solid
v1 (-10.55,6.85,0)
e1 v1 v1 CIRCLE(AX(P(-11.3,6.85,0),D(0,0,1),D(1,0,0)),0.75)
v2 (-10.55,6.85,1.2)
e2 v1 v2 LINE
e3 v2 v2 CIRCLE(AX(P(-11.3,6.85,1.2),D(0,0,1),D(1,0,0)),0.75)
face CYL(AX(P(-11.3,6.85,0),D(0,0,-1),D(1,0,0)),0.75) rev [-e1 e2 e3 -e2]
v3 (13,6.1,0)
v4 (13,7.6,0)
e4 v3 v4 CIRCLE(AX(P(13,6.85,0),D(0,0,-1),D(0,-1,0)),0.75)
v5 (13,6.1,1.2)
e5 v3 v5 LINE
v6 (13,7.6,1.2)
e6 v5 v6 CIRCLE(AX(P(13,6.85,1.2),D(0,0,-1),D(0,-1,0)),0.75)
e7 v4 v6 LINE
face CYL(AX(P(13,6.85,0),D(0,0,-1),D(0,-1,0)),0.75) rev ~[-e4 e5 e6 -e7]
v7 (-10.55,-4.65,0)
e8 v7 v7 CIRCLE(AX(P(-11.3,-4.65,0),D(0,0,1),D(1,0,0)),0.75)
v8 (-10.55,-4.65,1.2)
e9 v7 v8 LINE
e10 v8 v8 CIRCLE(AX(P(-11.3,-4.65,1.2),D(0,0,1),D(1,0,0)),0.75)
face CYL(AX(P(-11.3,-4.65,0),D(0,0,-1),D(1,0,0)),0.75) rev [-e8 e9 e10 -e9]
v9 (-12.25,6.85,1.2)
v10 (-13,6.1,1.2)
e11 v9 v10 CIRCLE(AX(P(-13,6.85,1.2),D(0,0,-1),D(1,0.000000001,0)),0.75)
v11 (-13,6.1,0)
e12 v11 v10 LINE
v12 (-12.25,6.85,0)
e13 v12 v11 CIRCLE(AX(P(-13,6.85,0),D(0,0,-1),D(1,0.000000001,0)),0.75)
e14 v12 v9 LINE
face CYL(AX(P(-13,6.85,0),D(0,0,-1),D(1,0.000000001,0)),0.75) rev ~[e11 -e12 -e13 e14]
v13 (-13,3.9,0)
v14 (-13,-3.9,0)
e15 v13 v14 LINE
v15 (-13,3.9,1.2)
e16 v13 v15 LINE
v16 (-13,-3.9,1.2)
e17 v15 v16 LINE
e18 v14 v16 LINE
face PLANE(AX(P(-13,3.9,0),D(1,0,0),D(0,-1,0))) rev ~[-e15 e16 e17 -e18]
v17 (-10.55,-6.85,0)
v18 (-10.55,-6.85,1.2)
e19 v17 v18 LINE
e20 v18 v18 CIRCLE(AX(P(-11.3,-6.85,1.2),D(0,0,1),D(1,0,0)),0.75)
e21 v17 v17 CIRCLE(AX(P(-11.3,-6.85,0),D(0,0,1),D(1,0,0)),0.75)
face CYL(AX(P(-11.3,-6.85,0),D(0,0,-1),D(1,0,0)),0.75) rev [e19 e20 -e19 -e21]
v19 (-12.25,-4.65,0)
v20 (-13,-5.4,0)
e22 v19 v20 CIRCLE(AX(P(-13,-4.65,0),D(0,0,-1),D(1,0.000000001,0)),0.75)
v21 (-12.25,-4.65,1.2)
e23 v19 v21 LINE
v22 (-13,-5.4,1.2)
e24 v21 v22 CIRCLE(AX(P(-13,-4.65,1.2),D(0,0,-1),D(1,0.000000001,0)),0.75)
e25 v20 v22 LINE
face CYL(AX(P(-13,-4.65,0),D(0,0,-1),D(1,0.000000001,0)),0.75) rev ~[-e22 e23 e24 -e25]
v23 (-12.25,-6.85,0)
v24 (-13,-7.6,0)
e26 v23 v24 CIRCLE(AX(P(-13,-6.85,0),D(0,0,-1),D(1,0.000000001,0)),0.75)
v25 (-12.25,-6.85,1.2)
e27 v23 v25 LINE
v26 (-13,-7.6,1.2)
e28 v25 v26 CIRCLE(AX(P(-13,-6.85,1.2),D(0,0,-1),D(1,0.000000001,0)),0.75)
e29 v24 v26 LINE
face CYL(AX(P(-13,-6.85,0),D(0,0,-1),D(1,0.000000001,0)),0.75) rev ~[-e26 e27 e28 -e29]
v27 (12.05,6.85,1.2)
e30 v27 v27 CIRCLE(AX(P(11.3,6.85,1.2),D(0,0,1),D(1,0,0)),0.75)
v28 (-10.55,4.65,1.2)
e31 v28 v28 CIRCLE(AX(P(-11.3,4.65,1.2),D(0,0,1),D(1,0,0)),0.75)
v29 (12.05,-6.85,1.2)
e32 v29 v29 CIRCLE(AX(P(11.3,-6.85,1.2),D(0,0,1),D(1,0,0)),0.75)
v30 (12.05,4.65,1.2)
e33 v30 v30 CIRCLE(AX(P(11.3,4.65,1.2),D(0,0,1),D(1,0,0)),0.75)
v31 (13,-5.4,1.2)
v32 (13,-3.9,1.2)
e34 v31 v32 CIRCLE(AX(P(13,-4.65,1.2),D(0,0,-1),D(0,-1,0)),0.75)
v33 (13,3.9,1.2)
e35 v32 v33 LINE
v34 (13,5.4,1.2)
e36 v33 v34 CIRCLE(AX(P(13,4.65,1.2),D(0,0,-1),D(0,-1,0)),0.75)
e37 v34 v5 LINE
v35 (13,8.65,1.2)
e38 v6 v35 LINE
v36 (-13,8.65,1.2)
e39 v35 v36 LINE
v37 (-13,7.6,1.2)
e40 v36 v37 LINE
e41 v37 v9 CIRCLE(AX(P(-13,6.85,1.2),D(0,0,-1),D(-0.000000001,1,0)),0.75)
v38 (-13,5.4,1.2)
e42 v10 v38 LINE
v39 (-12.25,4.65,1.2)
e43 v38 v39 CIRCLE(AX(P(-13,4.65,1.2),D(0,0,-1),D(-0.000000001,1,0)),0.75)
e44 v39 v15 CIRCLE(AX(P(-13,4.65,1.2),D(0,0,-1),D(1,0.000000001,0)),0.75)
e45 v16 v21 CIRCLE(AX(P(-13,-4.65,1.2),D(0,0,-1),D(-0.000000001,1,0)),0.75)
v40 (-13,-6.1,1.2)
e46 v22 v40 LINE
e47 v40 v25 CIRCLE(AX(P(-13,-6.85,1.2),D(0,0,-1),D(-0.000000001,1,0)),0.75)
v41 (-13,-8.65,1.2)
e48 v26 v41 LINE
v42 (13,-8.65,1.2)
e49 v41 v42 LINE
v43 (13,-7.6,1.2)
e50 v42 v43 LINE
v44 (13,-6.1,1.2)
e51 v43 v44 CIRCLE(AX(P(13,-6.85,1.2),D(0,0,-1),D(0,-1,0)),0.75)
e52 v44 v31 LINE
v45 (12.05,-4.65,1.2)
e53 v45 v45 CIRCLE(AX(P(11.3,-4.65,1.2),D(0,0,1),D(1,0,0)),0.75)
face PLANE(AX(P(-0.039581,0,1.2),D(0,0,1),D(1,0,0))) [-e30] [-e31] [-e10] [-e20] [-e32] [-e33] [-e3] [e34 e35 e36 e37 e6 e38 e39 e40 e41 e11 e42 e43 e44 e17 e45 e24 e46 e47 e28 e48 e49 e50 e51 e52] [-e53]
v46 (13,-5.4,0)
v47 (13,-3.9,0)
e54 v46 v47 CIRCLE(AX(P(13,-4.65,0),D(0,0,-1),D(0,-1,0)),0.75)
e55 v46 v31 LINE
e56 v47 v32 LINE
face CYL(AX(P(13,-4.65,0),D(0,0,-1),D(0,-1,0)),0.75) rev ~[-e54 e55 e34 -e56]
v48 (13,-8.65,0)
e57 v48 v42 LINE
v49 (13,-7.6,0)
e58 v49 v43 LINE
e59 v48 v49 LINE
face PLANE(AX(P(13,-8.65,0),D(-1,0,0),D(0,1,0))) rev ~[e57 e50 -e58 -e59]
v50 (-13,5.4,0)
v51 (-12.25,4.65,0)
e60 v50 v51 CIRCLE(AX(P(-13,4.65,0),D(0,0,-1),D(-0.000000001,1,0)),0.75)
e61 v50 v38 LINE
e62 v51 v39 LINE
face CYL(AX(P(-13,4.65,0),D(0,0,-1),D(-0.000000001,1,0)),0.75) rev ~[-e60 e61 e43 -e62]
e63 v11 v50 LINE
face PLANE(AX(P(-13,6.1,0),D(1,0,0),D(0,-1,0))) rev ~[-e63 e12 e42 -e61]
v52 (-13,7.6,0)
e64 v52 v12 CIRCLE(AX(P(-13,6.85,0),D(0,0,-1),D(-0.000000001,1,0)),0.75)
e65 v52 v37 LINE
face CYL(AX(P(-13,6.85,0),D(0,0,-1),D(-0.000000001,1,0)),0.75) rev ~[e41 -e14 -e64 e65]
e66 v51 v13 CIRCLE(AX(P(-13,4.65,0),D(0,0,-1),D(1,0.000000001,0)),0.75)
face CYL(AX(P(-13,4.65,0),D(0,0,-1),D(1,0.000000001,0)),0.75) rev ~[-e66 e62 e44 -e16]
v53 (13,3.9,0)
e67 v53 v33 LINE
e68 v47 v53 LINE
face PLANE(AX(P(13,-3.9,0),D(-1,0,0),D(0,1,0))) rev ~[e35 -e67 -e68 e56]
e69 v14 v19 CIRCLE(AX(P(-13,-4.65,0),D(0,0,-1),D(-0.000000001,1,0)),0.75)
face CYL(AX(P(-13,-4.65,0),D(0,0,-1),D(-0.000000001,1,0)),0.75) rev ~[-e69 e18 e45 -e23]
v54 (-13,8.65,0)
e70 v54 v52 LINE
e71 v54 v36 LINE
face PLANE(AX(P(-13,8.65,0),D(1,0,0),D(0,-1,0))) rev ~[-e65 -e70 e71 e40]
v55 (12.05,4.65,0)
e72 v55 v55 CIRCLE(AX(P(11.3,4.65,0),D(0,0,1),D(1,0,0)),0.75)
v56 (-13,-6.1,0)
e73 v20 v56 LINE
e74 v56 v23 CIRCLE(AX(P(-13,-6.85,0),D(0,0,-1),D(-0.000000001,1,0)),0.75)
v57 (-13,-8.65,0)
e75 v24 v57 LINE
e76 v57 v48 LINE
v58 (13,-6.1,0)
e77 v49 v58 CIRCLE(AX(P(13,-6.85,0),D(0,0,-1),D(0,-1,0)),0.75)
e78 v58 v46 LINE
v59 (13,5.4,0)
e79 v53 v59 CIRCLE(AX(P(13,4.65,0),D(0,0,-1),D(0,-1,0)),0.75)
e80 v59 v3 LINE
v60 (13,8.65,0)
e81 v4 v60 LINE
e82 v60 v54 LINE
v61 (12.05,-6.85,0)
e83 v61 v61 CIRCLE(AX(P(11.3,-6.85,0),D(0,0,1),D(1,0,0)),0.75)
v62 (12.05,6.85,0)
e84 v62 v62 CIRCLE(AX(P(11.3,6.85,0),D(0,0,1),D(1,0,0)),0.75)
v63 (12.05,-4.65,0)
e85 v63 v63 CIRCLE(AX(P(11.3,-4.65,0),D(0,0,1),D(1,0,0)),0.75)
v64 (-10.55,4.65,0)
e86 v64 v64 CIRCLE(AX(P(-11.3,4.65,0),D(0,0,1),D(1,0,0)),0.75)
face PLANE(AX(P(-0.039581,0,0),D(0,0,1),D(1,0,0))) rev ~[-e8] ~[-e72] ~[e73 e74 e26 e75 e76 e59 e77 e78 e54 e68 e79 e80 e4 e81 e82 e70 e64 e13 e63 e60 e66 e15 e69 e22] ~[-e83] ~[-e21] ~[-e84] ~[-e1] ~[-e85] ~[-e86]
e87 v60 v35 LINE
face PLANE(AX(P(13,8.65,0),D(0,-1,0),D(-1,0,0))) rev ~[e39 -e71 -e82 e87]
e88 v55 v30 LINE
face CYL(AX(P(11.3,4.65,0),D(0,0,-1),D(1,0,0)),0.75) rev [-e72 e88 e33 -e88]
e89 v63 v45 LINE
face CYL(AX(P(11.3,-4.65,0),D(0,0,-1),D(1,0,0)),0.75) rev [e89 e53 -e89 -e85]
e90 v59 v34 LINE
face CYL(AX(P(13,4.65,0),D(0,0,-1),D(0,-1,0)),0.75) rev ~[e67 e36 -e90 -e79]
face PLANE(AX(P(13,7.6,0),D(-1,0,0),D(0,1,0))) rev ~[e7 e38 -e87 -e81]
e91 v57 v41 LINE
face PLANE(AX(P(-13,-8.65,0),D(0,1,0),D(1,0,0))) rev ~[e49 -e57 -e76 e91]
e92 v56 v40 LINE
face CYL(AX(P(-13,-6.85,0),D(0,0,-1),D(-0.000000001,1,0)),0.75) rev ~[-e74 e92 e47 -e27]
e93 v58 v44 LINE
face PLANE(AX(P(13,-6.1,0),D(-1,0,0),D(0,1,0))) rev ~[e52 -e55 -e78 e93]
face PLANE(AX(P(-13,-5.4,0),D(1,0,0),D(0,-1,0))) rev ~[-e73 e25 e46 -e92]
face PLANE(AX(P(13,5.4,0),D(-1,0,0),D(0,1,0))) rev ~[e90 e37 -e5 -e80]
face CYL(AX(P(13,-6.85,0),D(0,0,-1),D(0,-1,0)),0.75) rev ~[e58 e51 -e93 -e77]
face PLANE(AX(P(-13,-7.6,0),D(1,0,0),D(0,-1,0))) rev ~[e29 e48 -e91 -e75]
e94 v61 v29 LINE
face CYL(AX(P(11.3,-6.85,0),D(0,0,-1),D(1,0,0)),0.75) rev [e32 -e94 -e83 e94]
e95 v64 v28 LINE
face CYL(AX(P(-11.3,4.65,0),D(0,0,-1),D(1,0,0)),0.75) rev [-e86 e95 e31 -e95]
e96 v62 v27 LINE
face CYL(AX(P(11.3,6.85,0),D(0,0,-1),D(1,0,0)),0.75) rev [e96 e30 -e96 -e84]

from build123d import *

# Parameters (mm, degrees)
SKETCH1_R           = 0.75
BOSS_EXTRUDE1_DEPTH = 1.2


with BuildPart() as part:
    # Sketch1 → Boss-Extrude1 (new body)
    with BuildSketch(Plane.XY):
        with BuildLine():
            Line((13, 8.65), (-13, 8.65))
            Line((-13, 8.65), (-13, 7.6))
            ThreePointArc((-13, 7.6), (-12.469669914, 7.380330086), (-12.25, 6.85))
            ThreePointArc((-12.25, 6.85), (-12.469669914, 6.319669914), (-13, 6.1))
            Line((-13, 6.1), (-13, 5.4))
            ThreePointArc((-13, 5.4), (-12.469669914, 5.180330086), (-12.25, 4.65))
            ThreePointArc((-12.25, 4.65), (-12.469669914, 4.119669914), (-13, 3.9))
            Line((-13, 3.9), (-13, -3.9))
            ThreePointArc((-13, -3.9), (-12.469669914, -4.119669914), (-12.25, -4.65))
            ThreePointArc((-12.25, -4.65), (-12.469669914, -5.180330086), (-13, -5.4))
            Line((-13, -5.4), (-13, -6.1))
            ThreePointArc((-13, -6.1), (-12.469669914, -6.319669914), (-12.25, -6.85))
            ThreePointArc((-12.25, -6.85), (-12.469669914, -7.380330086), (-13, -7.6))
            Line((-13, -7.6), (-13, -8.65))
            Line((-13, -8.65), (13, -8.65))
            Line((13, -8.65), (13, -7.6))
            ThreePointArc((13, -7.6), (12.25, -6.85), (13, -6.1))
            Line((13, -6.1), (13, -5.4))
            ThreePointArc((13, -5.4), (12.25, -4.65), (13, -3.9))
            Line((13, -3.9), (13, 3.9))
            ThreePointArc((13, 3.9), (12.25, 4.65), (13, 5.4))
            Line((13, 5.4), (13, 6.1))
            ThreePointArc((13, 6.1), (12.25, 6.85), (13, 7.6))
            Line((13, 7.6), (13, 8.65))
        make_face()
        with Locations((-11.3, -6.85)):
            Circle(SKETCH1_R, mode=Mode.SUBTRACT)
        with Locations((-11.3, -4.65)):
            Circle(SKETCH1_R, mode=Mode.SUBTRACT)
        with Locations((11.3, -6.85)):
            Circle(SKETCH1_R, mode=Mode.SUBTRACT)
        with Locations((11.3, -4.65)):
            Circle(SKETCH1_R, mode=Mode.SUBTRACT)
        with Locations((-11.3, 4.65)):
            Circle(SKETCH1_R, mode=Mode.SUBTRACT)
        with Locations((-11.3, 6.85)):
            Circle(SKETCH1_R, mode=Mode.SUBTRACT)
        with Locations((11.3, 4.65)):
            Circle(SKETCH1_R, mode=Mode.SUBTRACT)
        with Locations((11.3, 6.85)):
            Circle(SKETCH1_R, mode=Mode.SUBTRACT)
    extrude(amount=BOSS_EXTRUDE1_DEPTH)


solid = part.part
